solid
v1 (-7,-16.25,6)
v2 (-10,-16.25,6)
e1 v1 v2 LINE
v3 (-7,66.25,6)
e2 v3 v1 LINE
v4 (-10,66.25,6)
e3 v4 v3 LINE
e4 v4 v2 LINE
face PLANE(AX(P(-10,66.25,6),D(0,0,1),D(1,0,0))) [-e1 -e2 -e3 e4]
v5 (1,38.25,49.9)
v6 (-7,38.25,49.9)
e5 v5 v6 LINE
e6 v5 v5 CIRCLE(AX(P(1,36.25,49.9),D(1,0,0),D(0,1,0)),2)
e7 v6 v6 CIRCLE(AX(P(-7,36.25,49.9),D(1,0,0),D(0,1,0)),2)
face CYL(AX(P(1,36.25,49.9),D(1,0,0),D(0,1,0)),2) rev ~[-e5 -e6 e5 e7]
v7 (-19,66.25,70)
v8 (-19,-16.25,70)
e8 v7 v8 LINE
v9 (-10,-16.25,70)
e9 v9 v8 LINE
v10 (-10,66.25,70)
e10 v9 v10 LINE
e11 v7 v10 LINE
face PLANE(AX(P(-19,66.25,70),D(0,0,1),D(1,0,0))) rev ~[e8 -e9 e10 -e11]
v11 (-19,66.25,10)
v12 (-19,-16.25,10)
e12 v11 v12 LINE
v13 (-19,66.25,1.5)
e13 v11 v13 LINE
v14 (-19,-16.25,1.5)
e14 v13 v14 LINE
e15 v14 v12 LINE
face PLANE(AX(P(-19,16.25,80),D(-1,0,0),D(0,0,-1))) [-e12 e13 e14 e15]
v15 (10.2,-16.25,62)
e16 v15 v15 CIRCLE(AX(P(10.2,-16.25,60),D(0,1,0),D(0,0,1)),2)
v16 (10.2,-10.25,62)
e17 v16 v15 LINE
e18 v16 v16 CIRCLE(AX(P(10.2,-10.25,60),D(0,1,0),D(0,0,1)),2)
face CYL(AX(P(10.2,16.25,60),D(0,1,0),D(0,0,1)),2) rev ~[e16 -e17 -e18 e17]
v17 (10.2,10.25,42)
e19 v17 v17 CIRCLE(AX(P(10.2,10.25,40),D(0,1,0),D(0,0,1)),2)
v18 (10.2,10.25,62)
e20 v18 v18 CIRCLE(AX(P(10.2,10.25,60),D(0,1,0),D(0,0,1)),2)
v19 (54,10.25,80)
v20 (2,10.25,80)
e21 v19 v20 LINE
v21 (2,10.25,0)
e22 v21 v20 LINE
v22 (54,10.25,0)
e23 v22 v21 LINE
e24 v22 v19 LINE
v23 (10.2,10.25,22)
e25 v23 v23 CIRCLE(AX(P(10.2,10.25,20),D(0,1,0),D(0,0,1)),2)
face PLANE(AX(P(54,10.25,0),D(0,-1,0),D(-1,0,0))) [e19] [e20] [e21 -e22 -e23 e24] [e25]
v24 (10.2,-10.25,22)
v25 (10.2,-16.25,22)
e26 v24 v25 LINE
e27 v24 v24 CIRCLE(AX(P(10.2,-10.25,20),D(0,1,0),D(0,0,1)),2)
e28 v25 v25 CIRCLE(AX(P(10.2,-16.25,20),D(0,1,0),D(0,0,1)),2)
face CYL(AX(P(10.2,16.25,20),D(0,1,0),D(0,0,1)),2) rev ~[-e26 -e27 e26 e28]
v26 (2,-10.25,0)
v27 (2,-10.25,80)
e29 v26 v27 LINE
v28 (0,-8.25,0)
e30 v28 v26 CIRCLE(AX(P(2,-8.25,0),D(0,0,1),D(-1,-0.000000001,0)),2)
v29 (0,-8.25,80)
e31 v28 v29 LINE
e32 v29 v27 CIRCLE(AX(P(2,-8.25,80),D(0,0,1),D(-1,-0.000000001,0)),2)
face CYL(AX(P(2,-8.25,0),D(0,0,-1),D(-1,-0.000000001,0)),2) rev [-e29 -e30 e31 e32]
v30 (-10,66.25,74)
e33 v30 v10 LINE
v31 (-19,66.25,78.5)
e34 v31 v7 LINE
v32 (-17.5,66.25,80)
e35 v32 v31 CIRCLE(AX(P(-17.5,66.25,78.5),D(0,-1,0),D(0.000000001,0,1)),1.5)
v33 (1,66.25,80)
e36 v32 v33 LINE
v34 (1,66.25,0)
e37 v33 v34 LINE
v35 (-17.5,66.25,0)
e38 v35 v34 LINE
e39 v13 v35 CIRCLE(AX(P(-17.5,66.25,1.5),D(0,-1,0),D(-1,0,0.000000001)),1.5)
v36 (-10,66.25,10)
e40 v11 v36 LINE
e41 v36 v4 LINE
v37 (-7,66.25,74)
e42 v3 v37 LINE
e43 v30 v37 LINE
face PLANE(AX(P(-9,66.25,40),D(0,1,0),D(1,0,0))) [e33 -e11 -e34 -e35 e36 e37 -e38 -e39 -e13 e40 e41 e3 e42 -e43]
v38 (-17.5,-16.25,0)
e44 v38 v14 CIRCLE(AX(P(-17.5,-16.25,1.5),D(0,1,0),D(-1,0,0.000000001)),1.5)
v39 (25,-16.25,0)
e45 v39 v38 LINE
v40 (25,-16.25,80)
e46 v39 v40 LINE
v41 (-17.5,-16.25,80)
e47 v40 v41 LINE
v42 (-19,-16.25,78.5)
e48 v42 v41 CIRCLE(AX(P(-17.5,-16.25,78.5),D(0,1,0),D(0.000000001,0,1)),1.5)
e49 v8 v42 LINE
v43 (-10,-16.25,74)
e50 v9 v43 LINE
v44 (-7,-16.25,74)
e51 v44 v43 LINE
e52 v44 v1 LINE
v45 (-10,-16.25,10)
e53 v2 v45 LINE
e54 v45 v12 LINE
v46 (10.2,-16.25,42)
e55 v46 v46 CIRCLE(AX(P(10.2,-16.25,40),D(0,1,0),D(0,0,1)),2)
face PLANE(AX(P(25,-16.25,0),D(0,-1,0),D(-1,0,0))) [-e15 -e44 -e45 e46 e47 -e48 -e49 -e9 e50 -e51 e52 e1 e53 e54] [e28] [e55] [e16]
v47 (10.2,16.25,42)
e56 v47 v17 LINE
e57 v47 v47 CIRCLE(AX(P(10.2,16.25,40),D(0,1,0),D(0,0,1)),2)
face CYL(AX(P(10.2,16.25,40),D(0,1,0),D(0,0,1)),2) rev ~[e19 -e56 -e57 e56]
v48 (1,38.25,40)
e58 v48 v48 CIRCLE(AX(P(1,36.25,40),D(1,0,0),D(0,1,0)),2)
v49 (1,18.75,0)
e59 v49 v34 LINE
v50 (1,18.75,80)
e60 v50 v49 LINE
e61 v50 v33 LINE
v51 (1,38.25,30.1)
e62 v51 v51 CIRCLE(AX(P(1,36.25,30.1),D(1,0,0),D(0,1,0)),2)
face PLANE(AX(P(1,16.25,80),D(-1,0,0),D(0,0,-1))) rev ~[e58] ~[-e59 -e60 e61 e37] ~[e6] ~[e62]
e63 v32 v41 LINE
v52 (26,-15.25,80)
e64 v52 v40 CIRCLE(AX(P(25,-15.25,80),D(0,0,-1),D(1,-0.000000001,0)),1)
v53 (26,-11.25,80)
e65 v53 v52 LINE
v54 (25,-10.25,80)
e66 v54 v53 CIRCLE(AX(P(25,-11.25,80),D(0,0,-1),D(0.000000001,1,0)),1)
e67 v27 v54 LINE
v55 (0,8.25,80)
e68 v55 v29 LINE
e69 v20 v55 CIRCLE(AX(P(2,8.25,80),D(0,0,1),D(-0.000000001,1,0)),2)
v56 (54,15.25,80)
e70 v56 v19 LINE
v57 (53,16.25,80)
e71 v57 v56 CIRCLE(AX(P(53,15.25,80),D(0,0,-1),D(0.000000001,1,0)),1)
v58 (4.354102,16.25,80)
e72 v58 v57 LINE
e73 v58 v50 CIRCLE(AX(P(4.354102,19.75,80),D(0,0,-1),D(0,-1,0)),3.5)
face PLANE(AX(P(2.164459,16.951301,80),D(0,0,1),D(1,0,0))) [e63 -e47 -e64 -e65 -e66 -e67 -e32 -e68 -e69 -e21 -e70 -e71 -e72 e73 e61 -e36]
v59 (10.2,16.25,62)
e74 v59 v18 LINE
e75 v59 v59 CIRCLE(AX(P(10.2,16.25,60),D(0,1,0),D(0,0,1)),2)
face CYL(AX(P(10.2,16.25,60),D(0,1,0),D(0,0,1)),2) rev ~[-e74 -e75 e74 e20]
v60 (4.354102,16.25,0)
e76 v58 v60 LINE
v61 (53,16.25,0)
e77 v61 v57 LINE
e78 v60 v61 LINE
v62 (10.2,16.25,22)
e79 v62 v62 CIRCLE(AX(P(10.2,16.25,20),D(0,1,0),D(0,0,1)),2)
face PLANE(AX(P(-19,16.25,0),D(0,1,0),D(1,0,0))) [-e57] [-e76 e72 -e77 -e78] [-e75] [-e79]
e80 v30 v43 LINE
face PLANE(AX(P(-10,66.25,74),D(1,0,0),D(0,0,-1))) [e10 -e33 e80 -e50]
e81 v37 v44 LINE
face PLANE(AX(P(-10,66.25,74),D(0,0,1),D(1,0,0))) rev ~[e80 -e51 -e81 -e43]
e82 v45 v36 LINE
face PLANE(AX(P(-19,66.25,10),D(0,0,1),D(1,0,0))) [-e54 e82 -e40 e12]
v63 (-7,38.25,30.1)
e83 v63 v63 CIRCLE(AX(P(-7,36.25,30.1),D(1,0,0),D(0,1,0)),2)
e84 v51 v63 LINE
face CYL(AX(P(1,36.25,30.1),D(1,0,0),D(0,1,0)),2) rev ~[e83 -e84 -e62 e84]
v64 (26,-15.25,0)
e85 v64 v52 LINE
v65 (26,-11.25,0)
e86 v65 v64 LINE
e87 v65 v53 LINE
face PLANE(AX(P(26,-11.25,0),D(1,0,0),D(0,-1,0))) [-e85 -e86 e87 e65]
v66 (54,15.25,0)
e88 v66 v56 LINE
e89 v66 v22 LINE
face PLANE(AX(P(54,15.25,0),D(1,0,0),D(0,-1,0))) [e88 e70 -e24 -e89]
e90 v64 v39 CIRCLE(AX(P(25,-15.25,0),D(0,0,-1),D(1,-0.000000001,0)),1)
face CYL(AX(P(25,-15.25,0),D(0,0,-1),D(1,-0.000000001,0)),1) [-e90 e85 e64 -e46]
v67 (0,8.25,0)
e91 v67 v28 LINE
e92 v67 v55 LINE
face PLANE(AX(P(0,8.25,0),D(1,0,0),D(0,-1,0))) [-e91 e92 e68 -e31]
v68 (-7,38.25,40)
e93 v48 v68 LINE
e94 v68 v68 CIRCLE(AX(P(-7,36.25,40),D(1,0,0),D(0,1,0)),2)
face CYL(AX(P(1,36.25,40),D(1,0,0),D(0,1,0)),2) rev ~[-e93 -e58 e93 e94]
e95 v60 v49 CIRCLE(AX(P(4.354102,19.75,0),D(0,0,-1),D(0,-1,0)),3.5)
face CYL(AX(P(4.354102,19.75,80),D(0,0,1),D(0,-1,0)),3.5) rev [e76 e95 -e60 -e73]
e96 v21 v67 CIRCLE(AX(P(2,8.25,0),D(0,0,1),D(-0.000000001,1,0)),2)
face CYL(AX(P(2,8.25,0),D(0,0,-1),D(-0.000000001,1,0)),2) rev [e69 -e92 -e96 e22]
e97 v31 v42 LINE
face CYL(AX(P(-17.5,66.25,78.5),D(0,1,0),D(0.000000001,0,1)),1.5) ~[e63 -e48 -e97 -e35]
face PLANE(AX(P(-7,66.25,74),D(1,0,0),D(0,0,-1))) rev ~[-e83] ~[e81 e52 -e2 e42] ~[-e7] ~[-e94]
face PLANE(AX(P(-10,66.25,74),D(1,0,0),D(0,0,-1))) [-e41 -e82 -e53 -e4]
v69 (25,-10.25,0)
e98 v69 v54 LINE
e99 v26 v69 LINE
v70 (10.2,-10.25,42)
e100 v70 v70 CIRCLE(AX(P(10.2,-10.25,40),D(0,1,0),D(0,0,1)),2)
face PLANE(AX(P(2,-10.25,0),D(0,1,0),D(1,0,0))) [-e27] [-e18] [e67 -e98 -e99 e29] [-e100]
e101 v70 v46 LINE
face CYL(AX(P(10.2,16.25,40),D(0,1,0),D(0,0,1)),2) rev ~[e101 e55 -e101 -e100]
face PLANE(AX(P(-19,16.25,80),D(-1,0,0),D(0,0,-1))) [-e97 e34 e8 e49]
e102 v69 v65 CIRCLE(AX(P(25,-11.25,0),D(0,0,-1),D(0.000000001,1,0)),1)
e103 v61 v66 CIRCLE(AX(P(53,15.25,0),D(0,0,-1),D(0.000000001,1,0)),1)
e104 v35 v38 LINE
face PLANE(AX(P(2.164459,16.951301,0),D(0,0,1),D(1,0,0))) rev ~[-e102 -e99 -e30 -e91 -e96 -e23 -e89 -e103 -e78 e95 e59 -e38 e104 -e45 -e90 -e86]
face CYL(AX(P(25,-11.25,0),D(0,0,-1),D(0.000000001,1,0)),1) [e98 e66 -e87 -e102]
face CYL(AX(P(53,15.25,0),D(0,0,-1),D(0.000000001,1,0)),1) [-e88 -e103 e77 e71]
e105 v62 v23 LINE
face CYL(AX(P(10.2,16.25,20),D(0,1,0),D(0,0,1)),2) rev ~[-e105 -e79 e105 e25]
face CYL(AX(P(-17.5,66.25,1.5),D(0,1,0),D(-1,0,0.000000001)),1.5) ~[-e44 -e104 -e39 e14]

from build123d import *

# Parameters (mm, degrees)
BOSS_EXTRUDE2_DEPTH = 80
SKETCH3_R           = 2
CUT_EXTRUDE2_DEPTH  = 80
SKETCH4_W           = 20
SKETCH4_H           = 80
BOSS_EXTRUDE3_DEPTH = 50
BOSS_EXTRUDE4_DEPTH = 80
SKETCH6_W           = 12
SKETCH6_H           = 60
CUT_EXTRUDE4_DEPTH  = 90
SKETCH7_W           = 3
SKETCH7_H           = 68
CUT_EXTRUDE5_DEPTH  = 90
SKETCH9_R           = 2
CUT_EXTRUDE6_DEPTH  = 90
SKETCH11_R          = 2
CUT_EXTRUDE7_DEPTH  = 90


with BuildPart() as part:
    # Sketch1 → Boss-Extrude2 (new body)
    with BuildSketch(Plane.XY):
        with BuildLine():
            ThreePointArc((26, -15.25), (25.707106781, -15.957106781), (25, -16.25))
            Line((25, -16.25), (-19, -16.25))
            Line((-19, -16.25), (-19, 16.25))
            Line((-19, 16.25), (4, 16.25))
            Line((4, 16.25), (53, 16.25))
            ThreePointArc((53, 16.25), (53.707106781, 15.957106781), (54, 15.25))
            Line((54, 15.25), (54, 10.25))
            Line((54, 10.25), (2, 10.25))
            ThreePointArc((2, 10.25), (0.585786438, 9.664213562), (0, 8.25))
            Line((0, 8.25), (0, -8.25))
            ThreePointArc((0, -8.25), (0.585786438, -9.664213562), (2, -10.25))
            Line((2, -10.25), (25, -10.25))
            ThreePointArc((25, -10.25), (25.707106781, -10.542893219), (26, -11.25))
            Line((26, -11.25), (26, -15.25))
        make_face()
    extrude(amount=BOSS_EXTRUDE2_DEPTH)

    # Sketch3 → Cut-Extrude2 (cut)
    with BuildSketch(Plane(origin=(0, 16.25, 0), x_dir=(1, 0, 0), z_dir=(0, 1, 0))):
        with Locations(Location((10.2, -40, 0), (0, 0, 270))):
            Circle(SKETCH3_R)
        with Locations(Location((10.2, -60, 0), (0, 0, 270))):
            Circle(SKETCH3_R)
        with Locations(Location((10.2, -20, 0), (0, 0, 270))):
            Circle(SKETCH3_R)
    extrude(amount=-CUT_EXTRUDE2_DEPTH, mode=Mode.SUBTRACT)

    # Sketch4 → Boss-Extrude3 (add)
    with BuildSketch(Plane(origin=(0, 16.25, 0), x_dir=(1, 0, 0), z_dir=(0, 1, 0))):
        with Locations((-9, -40)):
            Rectangle(SKETCH4_W, SKETCH4_H)
    extrude(amount=BOSS_EXTRUDE3_DEPTH)

    # Sketch5 → Boss-Extrude4 (add)
    with BuildSketch(Plane.XY.offset(80)):
        with BuildLine():
            ThreePointArc((4.354101966, 16.25), (2.2624519, 16.94375696), (1, 18.75))
            Line((1, 18.75), (1, 16.25))
            Line((1, 16.25), (4.354101966, 16.25))
        make_face()
    extrude(amount=-BOSS_EXTRUDE4_DEPTH)

    # Sketch6 → Cut-Extrude4 (cut)
    with BuildSketch(Plane(origin=(0, 66.25, 0), x_dir=(1, 0, 0), z_dir=(0, 1, 0))):
        with Locations((-13, -40)):
            Rectangle(SKETCH6_W, SKETCH6_H)
        with BuildLine():
            ThreePointArc((-17.5, -80), (-18.560660172, -79.560660172), (-19, -78.5))
            Line((-19, -78.5), (-19, -80))
            Line((-19, -80), (-17.5, -80))
        make_face()
        with BuildLine():
            Line((-19, 0), (-19, -1.5))
            ThreePointArc((-19, -1.5), (-18.560660172, -0.439339828), (-17.5, 0))
            Line((-17.5, 0), (-19, 0))
        make_face()
    extrude(amount=-CUT_EXTRUDE4_DEPTH, mode=Mode.SUBTRACT)

    # Sketch7 → Cut-Extrude5 (cut)
    with BuildSketch(Plane(origin=(0, 66.25, 0), x_dir=(1, 0, 0), z_dir=(0, 1, 0))):
        with Locations((-8.5, -40)):
            Rectangle(SKETCH7_W, SKETCH7_H)
    extrude(amount=-CUT_EXTRUDE5_DEPTH, mode=Mode.SUBTRACT)

    # Sketch9 → Cut-Extrude6 (cut)
    with BuildSketch(Plane(origin=(1, 0, 0), x_dir=(0, 0, -1), z_dir=(1, 0, 0))):
        with Locations(Location((-49.9, 36.25, 0), (0, 0, 90))):
            Circle(SKETCH9_R)
        with Locations(Location((-30.1, 36.25, 0), (0, 0, 90))):
            Circle(SKETCH9_R)
    extrude(amount=-CUT_EXTRUDE6_DEPTH, mode=Mode.SUBTRACT)

    # Sketch11 → Cut-Extrude7 (cut)
    with BuildSketch(Plane(origin=(1, 0, 0), x_dir=(0, 0, -1), z_dir=(1, 0, 0))):
        with Locations(Location((-40, 36.25, 0), (0, 0, 90))):
            Circle(SKETCH11_R)
    extrude(amount=-CUT_EXTRUDE7_DEPTH, mode=Mode.SUBTRACT)


solid = part.part
